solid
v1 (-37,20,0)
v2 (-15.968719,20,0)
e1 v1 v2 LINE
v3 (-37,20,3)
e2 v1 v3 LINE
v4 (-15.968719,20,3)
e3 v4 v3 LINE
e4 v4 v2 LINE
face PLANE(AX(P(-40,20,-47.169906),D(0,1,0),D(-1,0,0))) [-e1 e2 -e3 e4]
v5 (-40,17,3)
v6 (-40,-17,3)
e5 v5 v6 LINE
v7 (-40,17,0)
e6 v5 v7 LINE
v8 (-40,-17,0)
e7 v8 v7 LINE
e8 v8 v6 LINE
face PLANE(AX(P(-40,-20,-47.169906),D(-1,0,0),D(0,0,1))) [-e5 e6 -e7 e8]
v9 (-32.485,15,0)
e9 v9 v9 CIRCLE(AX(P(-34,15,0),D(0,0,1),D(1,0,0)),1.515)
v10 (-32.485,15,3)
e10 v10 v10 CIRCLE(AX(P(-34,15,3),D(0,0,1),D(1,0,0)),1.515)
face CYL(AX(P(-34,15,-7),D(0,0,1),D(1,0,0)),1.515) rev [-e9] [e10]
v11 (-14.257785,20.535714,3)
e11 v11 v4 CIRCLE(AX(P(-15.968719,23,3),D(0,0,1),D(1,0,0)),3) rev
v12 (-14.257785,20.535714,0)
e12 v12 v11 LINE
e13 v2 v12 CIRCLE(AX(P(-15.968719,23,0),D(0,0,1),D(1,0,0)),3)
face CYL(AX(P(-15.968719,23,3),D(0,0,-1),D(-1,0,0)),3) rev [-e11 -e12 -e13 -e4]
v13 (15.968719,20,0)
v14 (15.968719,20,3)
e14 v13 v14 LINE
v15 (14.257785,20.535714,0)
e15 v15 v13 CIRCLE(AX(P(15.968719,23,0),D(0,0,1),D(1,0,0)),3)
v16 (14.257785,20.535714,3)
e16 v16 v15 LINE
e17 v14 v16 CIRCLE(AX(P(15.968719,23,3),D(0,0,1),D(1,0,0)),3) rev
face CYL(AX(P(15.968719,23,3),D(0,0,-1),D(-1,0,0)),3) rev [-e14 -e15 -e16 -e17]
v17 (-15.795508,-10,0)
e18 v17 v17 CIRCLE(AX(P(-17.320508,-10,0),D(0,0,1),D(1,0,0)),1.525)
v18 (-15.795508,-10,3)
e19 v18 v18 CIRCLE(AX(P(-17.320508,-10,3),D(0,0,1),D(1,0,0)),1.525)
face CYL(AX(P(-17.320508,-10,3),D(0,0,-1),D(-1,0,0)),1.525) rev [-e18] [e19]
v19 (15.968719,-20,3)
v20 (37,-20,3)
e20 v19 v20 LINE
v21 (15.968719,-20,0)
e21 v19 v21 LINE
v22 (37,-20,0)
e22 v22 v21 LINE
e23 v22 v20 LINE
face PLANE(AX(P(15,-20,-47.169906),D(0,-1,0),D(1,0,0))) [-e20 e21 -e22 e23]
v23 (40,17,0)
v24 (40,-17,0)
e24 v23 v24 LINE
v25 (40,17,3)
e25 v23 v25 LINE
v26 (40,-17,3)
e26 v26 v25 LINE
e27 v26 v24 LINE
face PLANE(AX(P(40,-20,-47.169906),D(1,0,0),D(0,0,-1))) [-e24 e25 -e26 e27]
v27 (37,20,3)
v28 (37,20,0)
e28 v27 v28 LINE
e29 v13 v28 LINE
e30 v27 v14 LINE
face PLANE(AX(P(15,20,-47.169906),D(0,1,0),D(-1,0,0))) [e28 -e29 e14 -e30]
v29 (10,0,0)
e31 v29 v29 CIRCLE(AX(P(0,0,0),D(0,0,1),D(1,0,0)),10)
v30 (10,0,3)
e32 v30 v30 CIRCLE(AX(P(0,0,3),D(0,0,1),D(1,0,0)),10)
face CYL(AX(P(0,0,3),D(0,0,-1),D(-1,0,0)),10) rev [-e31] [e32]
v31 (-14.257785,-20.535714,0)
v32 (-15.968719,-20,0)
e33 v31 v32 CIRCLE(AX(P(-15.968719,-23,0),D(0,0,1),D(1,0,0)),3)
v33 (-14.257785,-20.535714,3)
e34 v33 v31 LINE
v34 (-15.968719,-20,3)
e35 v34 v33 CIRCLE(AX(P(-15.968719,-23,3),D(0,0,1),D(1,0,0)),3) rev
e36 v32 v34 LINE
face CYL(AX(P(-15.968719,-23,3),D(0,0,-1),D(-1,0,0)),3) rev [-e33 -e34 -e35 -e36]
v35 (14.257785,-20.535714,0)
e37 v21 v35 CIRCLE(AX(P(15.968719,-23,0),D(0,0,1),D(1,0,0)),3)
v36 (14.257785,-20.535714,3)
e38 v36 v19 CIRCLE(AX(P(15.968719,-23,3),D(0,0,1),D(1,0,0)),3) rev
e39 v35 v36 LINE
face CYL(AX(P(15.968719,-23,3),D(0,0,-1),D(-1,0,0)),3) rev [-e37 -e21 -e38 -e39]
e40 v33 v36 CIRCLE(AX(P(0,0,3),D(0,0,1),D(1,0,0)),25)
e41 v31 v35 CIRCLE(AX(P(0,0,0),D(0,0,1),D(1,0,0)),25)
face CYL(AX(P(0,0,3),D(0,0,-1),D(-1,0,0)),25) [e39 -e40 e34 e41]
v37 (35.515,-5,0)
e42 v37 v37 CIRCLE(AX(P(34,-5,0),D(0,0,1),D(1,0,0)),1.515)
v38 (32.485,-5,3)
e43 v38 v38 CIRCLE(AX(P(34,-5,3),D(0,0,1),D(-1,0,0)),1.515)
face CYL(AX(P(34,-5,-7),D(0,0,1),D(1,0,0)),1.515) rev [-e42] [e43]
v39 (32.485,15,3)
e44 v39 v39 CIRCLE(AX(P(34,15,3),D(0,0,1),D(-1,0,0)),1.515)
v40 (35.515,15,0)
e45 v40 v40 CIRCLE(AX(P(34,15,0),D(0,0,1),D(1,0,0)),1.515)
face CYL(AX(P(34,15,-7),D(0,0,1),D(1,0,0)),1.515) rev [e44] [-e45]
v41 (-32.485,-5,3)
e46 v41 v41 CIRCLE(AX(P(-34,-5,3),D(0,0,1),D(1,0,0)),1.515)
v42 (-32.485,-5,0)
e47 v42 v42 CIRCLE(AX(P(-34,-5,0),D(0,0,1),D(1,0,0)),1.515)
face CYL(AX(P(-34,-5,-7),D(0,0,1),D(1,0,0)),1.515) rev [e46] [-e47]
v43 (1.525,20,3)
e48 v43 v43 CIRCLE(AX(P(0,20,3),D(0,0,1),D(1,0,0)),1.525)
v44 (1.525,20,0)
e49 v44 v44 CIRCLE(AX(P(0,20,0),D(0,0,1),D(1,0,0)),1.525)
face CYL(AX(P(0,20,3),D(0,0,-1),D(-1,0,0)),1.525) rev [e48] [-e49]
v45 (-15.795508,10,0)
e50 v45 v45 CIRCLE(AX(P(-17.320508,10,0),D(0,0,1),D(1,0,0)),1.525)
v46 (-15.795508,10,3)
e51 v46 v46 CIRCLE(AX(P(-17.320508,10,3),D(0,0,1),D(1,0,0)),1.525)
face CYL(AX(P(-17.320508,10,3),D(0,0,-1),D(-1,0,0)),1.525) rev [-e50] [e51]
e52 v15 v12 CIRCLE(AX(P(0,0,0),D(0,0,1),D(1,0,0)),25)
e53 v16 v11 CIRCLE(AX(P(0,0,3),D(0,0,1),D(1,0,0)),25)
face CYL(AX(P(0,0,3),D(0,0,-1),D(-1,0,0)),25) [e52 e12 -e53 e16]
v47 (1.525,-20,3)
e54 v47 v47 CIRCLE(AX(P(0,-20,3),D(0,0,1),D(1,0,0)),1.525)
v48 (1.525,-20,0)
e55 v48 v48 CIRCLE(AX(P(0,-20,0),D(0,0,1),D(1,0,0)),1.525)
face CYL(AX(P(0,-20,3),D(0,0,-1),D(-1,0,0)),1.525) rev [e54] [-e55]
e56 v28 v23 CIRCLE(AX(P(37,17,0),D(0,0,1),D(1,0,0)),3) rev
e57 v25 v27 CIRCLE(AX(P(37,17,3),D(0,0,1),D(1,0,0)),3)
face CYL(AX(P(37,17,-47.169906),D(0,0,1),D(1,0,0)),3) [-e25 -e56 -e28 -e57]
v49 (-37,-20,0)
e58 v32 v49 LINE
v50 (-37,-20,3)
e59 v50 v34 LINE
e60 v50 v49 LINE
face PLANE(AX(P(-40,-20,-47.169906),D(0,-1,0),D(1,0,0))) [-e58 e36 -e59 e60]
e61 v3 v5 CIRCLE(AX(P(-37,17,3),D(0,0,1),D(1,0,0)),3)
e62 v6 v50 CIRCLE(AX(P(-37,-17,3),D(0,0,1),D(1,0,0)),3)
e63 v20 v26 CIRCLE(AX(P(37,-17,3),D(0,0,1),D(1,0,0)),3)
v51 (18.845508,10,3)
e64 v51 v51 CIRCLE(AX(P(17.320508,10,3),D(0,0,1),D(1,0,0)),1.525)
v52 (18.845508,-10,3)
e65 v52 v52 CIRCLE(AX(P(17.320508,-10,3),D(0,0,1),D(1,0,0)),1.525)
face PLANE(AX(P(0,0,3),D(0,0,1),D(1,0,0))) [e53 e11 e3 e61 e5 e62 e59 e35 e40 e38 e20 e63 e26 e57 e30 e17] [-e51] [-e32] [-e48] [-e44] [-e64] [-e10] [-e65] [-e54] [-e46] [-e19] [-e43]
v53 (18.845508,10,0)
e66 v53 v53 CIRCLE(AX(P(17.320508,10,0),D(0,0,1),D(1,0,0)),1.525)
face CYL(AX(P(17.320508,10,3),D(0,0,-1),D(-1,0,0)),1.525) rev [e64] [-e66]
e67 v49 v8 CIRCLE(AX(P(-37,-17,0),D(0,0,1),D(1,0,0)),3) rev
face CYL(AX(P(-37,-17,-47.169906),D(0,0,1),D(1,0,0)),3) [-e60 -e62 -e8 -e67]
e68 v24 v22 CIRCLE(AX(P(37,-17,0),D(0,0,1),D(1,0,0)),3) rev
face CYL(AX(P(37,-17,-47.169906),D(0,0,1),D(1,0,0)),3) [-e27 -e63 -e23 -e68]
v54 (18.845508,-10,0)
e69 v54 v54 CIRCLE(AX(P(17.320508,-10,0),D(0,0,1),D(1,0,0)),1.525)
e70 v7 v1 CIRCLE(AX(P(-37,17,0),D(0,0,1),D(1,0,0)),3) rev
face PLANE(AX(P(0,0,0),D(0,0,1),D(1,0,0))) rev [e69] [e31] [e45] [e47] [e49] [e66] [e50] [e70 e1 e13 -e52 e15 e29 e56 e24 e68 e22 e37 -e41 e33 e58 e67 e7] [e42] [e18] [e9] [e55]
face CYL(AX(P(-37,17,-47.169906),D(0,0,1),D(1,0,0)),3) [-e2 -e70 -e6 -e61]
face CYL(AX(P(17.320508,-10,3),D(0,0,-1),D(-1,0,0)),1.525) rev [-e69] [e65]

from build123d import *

# Parameters (mm, degrees)
SKETCH_1_R          = 25
SKETCH_1_R_2        = 1.525
SKETCH_1_R_3        = 10
EXTRUDE_1_DEPTH     = 3
EXTRUDE_2_DEPTH     = 3
FILLET_1_R          = 3
SKETCH_4_R          = 1.515
CUT_EXTRUDE_1_DEPTH = 10


with BuildPart() as part:
    # 草图1 → 凸台-拉伸1 (new body)
    with BuildSketch(Plane.XY):
        Circle(SKETCH_1_R)
        with Locations((0, 20)):
            Circle(SKETCH_1_R_2, mode=Mode.SUBTRACT)
        with Locations((17.320508076, 10)):
            Circle(SKETCH_1_R_2, mode=Mode.SUBTRACT)
        with Locations((17.320508076, -10)):
            Circle(SKETCH_1_R_2, mode=Mode.SUBTRACT)
        with Locations((0, -20)):
            Circle(SKETCH_1_R_2, mode=Mode.SUBTRACT)
        Circle(SKETCH_1_R_3, mode=Mode.SUBTRACT)
        with Locations((-17.320508076, -10)):
            Circle(SKETCH_1_R_2, mode=Mode.SUBTRACT)
        with Locations((-17.320508076, 10)):
            Circle(SKETCH_1_R_2, mode=Mode.SUBTRACT)
    extrude(amount=EXTRUDE_1_DEPTH)

    # 草图3 → 凸台-拉伸2 (add)
    with BuildSketch(Plane.XY.offset(3)):
        with BuildLine():
            Line((15, 20), (40, 20))
            Line((40, 20), (40, -20))
            Line((40, -20), (15, -20))
            ThreePointArc((15, -20), (25, 0), (15, 20))
        make_face()
        with BuildLine():
            Line((-40, -20), (-15, -20))
            ThreePointArc((-15, -20), (-25, 0), (-15, 20))
            Line((-15, 20), (-40, 20))
            Line((-40, 20), (-40, -20))
        make_face()
    extrude(amount=-EXTRUDE_2_DEPTH)

    # 圆角1
    fillet_1_edges = [part.edges().sort_by_distance(p)[0] for p in [
        (40, 20, 1.5),
        (40, -20, 1.5),
        (15, -20, 1.5),
        (15, 20, 1.5),
        (-40, -20, 1.5),
        (-40, 20, 1.5),
        (-15, 20, 1.5),
        (-15, -20, 1.5),
    ]]
    fillet(fillet_1_edges, radius=FILLET_1_R)

    # 草图4 → 切除-拉伸1 (cut)
    with BuildSketch(Plane.XY.offset(3)):
        with Locations((-34, 15)):
            Circle(SKETCH_4_R)
        with Locations((-34, -5)):
            Circle(SKETCH_4_R)
        with Locations((34, -5)):
            Circle(SKETCH_4_R)
        with Locations((34, 15)):
            Circle(SKETCH_4_R)
    extrude(amount=-CUT_EXTRUDE_1_DEPTH, mode=Mode.SUBTRACT)


solid = part.part
